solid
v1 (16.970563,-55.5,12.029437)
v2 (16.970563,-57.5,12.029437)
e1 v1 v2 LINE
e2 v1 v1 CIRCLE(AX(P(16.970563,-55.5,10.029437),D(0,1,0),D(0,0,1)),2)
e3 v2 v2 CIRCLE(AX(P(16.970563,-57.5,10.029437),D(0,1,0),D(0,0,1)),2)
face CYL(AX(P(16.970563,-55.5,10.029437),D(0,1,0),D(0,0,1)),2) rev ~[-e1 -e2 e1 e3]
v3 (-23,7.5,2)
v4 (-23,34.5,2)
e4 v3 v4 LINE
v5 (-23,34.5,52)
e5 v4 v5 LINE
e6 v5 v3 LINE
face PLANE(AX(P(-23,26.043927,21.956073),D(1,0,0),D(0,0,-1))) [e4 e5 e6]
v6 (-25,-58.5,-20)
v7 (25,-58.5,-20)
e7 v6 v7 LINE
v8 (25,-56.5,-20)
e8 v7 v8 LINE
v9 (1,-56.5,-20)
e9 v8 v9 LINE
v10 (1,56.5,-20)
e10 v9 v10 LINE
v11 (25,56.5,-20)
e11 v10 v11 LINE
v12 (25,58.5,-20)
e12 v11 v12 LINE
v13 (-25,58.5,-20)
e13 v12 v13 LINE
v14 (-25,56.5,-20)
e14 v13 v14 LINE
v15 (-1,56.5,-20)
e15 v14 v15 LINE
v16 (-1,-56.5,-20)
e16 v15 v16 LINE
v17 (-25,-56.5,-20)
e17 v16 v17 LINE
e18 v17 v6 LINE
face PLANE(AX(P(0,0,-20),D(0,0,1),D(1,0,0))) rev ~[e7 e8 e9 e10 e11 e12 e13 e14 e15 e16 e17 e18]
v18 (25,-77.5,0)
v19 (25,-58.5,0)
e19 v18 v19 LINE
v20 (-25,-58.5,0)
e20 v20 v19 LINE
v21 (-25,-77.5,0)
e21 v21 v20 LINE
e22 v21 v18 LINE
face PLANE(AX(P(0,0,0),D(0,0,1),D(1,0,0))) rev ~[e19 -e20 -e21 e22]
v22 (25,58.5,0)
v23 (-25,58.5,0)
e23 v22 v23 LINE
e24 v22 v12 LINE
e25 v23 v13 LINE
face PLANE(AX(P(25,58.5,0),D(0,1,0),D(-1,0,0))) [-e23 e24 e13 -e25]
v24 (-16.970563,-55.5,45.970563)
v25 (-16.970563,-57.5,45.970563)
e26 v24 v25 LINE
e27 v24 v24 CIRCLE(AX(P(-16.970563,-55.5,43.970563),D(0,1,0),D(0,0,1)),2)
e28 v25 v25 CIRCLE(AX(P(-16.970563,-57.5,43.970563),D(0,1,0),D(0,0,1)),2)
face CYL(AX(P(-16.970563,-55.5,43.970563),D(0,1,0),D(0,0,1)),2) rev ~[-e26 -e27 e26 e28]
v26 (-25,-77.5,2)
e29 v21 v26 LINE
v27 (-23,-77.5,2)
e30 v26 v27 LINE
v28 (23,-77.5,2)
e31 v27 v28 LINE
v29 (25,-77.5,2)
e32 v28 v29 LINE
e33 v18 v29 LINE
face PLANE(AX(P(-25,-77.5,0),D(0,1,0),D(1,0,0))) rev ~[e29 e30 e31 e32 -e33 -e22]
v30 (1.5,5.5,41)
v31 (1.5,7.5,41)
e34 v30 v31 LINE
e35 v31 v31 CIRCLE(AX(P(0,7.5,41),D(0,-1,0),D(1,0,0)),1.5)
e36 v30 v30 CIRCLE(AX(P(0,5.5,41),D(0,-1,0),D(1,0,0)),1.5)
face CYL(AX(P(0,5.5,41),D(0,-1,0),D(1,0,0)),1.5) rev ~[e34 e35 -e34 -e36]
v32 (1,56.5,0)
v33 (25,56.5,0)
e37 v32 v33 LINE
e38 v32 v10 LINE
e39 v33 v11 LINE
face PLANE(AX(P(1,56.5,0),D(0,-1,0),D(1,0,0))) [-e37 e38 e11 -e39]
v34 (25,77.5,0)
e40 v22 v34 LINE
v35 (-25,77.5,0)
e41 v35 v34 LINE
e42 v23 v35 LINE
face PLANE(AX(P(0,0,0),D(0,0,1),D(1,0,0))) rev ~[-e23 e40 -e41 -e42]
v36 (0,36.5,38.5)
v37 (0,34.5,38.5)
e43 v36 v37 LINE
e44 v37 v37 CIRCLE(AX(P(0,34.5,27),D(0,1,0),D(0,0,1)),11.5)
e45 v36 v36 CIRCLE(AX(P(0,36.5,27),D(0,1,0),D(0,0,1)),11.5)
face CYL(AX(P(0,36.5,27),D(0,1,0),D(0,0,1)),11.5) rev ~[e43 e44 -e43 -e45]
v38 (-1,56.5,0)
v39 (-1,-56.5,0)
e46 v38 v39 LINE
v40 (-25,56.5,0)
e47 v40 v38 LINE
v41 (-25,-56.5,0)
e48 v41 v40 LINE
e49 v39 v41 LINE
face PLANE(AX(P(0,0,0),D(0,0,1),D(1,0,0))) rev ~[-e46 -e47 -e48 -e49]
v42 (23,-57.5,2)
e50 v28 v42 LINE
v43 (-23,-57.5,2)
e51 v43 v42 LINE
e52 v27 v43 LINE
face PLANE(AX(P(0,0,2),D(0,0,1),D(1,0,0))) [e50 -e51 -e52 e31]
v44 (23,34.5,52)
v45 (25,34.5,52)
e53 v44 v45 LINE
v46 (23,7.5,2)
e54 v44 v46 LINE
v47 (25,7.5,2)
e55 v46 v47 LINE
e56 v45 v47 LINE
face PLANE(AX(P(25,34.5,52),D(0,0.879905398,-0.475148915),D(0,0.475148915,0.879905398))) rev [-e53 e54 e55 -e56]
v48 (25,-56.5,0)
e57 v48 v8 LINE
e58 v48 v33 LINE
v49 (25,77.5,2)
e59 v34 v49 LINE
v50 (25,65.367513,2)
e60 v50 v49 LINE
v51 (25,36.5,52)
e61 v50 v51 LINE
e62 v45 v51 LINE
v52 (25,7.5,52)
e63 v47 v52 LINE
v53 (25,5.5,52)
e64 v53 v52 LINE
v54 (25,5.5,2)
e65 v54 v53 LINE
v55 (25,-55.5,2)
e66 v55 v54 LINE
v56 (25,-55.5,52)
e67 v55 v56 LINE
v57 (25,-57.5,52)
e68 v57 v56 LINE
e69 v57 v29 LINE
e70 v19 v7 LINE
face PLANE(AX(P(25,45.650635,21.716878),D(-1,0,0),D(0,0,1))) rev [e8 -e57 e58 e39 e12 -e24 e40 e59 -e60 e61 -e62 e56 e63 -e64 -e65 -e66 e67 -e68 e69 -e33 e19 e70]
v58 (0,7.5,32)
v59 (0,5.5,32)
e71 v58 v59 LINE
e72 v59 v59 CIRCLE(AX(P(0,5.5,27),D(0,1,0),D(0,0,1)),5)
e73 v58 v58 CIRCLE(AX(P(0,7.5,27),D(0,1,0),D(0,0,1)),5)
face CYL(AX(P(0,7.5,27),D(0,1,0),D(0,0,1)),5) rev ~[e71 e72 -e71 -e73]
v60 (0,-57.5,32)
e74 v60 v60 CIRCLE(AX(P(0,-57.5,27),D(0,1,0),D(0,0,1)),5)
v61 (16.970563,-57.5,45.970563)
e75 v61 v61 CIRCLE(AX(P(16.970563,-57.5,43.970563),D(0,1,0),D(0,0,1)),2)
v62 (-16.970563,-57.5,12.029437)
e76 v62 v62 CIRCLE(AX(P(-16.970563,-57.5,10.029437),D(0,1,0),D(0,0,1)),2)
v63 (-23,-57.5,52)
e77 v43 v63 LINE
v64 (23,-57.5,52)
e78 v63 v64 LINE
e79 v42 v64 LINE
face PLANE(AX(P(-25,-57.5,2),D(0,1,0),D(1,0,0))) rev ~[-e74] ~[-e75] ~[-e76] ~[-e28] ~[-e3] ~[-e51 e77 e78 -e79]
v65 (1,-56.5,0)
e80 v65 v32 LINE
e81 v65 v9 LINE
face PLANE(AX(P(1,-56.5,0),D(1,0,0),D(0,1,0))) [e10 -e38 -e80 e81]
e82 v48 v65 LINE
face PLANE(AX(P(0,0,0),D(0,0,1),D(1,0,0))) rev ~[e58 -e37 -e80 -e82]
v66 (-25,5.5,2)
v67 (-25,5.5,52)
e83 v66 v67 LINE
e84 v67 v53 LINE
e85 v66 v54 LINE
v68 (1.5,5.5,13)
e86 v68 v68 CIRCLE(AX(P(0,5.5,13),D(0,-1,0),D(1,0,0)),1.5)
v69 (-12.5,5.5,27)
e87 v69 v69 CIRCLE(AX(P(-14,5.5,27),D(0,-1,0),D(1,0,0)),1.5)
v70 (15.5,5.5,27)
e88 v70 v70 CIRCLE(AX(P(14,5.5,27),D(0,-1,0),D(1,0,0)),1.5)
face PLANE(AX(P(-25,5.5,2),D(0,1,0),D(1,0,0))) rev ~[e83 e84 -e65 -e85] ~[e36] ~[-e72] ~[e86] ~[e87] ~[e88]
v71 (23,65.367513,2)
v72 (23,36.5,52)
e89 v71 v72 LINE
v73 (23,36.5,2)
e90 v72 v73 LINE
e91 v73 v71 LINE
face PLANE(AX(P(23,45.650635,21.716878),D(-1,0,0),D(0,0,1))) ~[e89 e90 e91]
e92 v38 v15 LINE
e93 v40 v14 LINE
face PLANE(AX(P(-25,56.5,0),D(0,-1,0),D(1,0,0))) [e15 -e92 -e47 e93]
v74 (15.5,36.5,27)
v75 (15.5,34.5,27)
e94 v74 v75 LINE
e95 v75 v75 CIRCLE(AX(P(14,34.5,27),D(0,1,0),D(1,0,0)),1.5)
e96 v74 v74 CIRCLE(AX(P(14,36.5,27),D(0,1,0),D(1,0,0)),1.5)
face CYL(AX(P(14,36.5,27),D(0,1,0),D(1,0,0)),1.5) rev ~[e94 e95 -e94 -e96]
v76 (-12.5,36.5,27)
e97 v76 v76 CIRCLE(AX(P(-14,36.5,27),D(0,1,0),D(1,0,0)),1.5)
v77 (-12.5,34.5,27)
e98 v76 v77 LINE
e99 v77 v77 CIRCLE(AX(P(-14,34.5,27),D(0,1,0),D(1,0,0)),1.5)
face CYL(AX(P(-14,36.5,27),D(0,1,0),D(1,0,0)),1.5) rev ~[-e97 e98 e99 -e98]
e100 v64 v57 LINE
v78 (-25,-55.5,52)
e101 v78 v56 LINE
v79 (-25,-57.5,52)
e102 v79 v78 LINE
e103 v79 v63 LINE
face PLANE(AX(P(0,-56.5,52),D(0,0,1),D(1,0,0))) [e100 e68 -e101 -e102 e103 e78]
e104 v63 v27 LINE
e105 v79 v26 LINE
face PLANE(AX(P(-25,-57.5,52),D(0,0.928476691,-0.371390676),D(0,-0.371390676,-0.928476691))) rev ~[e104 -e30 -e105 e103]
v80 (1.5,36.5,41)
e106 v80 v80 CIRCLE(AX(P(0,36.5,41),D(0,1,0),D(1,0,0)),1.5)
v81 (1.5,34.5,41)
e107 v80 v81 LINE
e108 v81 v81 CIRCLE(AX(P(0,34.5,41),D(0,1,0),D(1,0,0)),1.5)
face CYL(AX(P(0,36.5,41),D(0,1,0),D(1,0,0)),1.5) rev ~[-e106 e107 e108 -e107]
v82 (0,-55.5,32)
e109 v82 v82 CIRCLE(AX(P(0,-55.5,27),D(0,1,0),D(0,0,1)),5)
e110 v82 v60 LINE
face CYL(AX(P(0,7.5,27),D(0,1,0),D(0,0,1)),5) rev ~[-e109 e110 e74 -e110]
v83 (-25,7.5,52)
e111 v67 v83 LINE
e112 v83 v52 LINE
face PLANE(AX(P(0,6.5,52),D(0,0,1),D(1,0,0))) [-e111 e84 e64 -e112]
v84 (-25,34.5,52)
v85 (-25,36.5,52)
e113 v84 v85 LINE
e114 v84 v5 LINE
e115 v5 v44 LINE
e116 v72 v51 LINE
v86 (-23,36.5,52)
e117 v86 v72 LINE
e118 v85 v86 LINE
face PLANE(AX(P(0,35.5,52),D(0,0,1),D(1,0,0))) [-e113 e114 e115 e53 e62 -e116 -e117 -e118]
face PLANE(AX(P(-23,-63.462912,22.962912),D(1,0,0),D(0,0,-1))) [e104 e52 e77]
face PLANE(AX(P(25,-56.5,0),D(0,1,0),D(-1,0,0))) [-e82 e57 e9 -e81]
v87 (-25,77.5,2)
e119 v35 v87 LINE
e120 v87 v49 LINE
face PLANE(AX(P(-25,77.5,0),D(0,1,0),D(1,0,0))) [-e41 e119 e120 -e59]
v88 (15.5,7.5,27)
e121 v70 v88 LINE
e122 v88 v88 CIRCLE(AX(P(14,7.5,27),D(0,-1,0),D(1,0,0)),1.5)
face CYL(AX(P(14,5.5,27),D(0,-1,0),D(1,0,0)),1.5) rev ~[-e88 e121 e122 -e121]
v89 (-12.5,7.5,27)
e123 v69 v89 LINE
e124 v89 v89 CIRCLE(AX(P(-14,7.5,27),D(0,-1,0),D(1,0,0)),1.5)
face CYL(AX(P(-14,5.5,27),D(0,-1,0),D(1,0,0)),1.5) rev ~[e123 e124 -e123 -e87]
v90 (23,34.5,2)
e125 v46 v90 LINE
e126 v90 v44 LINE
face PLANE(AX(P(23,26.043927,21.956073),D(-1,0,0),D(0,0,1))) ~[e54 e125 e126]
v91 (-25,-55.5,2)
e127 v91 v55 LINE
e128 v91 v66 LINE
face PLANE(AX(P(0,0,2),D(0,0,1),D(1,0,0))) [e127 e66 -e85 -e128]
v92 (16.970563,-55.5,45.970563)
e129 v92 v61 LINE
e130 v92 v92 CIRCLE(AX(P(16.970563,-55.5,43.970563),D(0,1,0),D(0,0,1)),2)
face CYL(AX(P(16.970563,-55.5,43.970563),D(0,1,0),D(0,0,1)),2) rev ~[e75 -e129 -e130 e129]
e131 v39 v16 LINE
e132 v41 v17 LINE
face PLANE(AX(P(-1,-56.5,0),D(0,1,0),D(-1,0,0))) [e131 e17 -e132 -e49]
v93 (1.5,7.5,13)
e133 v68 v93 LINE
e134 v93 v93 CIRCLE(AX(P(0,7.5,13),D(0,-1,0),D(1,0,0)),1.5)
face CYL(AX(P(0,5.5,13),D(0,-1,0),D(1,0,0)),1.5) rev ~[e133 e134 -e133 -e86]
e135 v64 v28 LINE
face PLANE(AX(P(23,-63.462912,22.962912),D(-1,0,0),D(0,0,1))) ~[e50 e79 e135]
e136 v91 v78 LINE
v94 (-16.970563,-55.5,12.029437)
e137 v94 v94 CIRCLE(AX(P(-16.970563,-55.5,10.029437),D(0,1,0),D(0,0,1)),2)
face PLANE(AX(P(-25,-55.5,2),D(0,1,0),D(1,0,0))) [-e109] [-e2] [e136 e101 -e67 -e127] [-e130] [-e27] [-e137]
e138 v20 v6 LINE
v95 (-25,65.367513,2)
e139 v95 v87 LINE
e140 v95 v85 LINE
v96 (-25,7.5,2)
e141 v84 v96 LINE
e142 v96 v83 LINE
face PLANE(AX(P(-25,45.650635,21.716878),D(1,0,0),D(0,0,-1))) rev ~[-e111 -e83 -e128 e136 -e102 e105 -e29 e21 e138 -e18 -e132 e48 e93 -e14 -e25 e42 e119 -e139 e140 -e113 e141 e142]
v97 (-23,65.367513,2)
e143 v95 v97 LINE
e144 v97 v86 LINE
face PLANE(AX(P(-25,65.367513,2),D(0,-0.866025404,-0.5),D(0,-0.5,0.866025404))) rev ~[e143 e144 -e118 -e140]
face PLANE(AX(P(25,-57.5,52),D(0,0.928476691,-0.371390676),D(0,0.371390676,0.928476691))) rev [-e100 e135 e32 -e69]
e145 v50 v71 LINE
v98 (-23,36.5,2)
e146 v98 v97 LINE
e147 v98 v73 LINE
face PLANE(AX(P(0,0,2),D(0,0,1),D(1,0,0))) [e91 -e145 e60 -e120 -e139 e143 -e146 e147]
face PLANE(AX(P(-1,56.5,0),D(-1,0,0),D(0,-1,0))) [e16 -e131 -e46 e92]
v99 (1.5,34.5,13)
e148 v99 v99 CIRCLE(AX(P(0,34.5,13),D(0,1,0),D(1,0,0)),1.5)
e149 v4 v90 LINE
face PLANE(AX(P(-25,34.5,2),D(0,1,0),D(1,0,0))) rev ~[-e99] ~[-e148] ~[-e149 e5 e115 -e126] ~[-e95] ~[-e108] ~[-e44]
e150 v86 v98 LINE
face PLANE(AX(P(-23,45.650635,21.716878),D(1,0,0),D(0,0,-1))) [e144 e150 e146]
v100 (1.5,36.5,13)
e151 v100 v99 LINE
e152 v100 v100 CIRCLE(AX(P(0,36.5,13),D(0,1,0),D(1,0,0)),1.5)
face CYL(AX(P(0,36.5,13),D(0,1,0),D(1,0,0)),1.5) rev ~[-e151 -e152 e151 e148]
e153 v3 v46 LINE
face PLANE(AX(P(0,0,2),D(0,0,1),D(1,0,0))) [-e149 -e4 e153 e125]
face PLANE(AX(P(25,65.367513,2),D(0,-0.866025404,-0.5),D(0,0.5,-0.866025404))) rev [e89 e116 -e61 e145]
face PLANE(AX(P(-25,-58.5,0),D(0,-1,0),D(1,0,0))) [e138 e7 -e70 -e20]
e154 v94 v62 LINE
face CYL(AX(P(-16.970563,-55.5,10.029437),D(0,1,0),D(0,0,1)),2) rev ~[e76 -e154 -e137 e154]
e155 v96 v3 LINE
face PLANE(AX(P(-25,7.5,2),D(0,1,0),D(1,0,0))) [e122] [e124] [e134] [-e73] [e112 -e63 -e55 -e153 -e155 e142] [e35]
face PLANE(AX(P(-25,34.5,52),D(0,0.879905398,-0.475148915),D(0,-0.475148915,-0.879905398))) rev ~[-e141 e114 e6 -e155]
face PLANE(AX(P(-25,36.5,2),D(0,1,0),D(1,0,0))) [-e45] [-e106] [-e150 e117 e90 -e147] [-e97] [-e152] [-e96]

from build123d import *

# Parameters (mm, degrees)
SKETCH1_W           = 50
SKETCH1_H           = 155
BOSS_EXTRUDE1_DEPTH = 2
SKETCH2_W           = 50
SKETCH2_H           = 2
BOSS_EXTRUDE2_DEPTH = 50
SKETCH3_W           = 50
SKETCH3_H           = 2
BOSS_EXTRUDE3_DEPTH = 50
SKETCH4_R           = 2
CUT_EXTRUDE1_DEPTH  = 145.97586006
SKETCH5_R           = 5
CUT_EXTRUDE2_DEPTH  = 103.732662771
SKETCH6_R           = 1.5
CUT_EXTRUDE3_DEPTH  = 102.084123382
SKETCH7_W           = 50
SKETCH7_H           = 2
BOSS_EXTRUDE4_DEPTH = 50
CUT_EXTRUDE5_REACH  = 129.769
SKETCH9_R           = 11.5
SKETCH9_R_2         = 1.5
BOSS_EXTRUDE5_DEPTH = 2
BOSS_EXTRUDE6_DEPTH = 20


with BuildPart() as part:
    # Sketch1 → Boss-Extrude1 (new body)
    with BuildSketch(Plane.XY):
        Rectangle(SKETCH1_W, SKETCH1_H)
    extrude(amount=BOSS_EXTRUDE1_DEPTH)

    # Sketch2 → Boss-Extrude2 (add)
    with BuildSketch(Plane.XY.offset(2)):
        with Locations((0, -56.5)):
            Rectangle(SKETCH2_W, SKETCH2_H)
    extrude(amount=BOSS_EXTRUDE2_DEPTH)

    # Sketch3 → Boss-Extrude3 (add)
    with BuildSketch(Plane.XY.offset(2)):
        with Locations((0, 6.5)):
            Rectangle(SKETCH3_W, SKETCH3_H)
    extrude(amount=BOSS_EXTRUDE3_DEPTH)

    # Sketch4 → Cut-Extrude1 (cut, through all)
    with BuildSketch(Plane(origin=(0, -55.5, 0), x_dir=(1, 0, 0), z_dir=(0, 1, 0))):
        with Locations((-16.970562748, -43.970562748)):
            Circle(SKETCH4_R)
        with Locations((16.970562748, -43.970562748)):
            Circle(SKETCH4_R)
        with Locations((16.970562748, -10.029437252)):
            Circle(SKETCH4_R)
        with Locations((-16.970562748, -10.029437252)):
            Circle(SKETCH4_R)
    extrude(amount=-CUT_EXTRUDE1_DEPTH, mode=Mode.SUBTRACT)

    # Sketch5 → Cut-Extrude2 (cut, through all)
    with BuildSketch(Plane(origin=(0, 7.5, 0), x_dir=(1, 0, 0), z_dir=(0, 1, 0))):
        with Locations((0, -27)):
            Circle(SKETCH5_R)
    extrude(amount=-CUT_EXTRUDE2_DEPTH, mode=Mode.SUBTRACT)

    # Sketch6 → Cut-Extrude3 (cut, through all)
    with BuildSketch(Plane.XZ.offset(-5.5)):
        with Locations((0, 41)):
            Circle(SKETCH6_R)
        with Locations((14, 27)):
            Circle(SKETCH6_R)
        with Locations((0, 13)):
            Circle(SKETCH6_R)
        with Locations((-14, 27)):
            Circle(SKETCH6_R)
    extrude(amount=-CUT_EXTRUDE3_DEPTH, mode=Mode.SUBTRACT)

    # Sketch7 → Boss-Extrude4 (add)
    with BuildSketch(Plane.XY.offset(2)):
        with Locations((0, 35.5)):
            Rectangle(SKETCH7_W, SKETCH7_H)
    extrude(amount=BOSS_EXTRUDE4_DEPTH)

    # Sketch9 → Cut-Extrude5 (cut, up to next)
    with BuildSketch(Plane(origin=(0, 36.5, 0), x_dir=(1, 0, 0), z_dir=(0, 1, 0)), mode=Mode.PRIVATE) as cut_extrude5_sk1:
        with Locations((0, -27)):
            Circle(SKETCH9_R)
    cut_extrude5_tool1 = extrude(cut_extrude5_sk1.sketch, amount=-CUT_EXTRUDE5_REACH, mode=Mode.PRIVATE) & part.part
    # Sketch9 → Cut-Extrude5 (cut, up to next)
    with BuildSketch(Plane(origin=(0, 36.5, 0), x_dir=(1, 0, 0), z_dir=(0, 1, 0)), mode=Mode.PRIVATE) as cut_extrude5_sk2:
        with Locations((-14, -27)):
            Circle(SKETCH9_R_2)
    cut_extrude5_tool2 = extrude(cut_extrude5_sk2.sketch, amount=-CUT_EXTRUDE5_REACH, mode=Mode.PRIVATE) & part.part
    # Sketch9 → Cut-Extrude5 (cut, up to next)
    with BuildSketch(Plane(origin=(0, 36.5, 0), x_dir=(1, 0, 0), z_dir=(0, 1, 0)), mode=Mode.PRIVATE) as cut_extrude5_sk3:
        with Locations((0, -41)):
            Circle(SKETCH9_R_2)
    cut_extrude5_tool3 = extrude(cut_extrude5_sk3.sketch, amount=-CUT_EXTRUDE5_REACH, mode=Mode.PRIVATE) & part.part
    # Sketch9 → Cut-Extrude5 (cut, up to next)
    with BuildSketch(Plane(origin=(0, 36.5, 0), x_dir=(1, 0, 0), z_dir=(0, 1, 0)), mode=Mode.PRIVATE) as cut_extrude5_sk4:
        with Locations((14, -27)):
            Circle(SKETCH9_R_2)
    cut_extrude5_tool4 = extrude(cut_extrude5_sk4.sketch, amount=-CUT_EXTRUDE5_REACH, mode=Mode.PRIVATE) & part.part
    # Sketch9 → Cut-Extrude5 (cut, up to next)
    with BuildSketch(Plane(origin=(0, 36.5, 0), x_dir=(1, 0, 0), z_dir=(0, 1, 0)), mode=Mode.PRIVATE) as cut_extrude5_sk5:
        with Locations((0, -13)):
            Circle(SKETCH9_R_2)
    cut_extrude5_tool5 = extrude(cut_extrude5_sk5.sketch, amount=-CUT_EXTRUDE5_REACH, mode=Mode.PRIVATE) & part.part
    add(cut_extrude5_tool1.solids().sort_by_distance((0, 36.5, 27))[0], mode=Mode.SUBTRACT)
    add(cut_extrude5_tool2.solids().sort_by_distance((-14, 36.5, 27))[0], mode=Mode.SUBTRACT)
    add(cut_extrude5_tool3.solids().sort_by_distance((0, 36.5, 41))[0], mode=Mode.SUBTRACT)
    add(cut_extrude5_tool4.solids().sort_by_distance((14, 36.5, 27))[0], mode=Mode.SUBTRACT)
    add(cut_extrude5_tool5.solids().sort_by_distance((0, 36.5, 13))[0], mode=Mode.SUBTRACT)

    # Sketch12 → Boss-Extrude5 (add)
    with BuildSketch(Plane.ZY.offset(25)):
        Polygon((2, 65.367513459), (52, 36.5), (2, 36.5), align=None)
        Polygon((2, -77.5), (2, -57.5), (52, -57.5), align=None)
        Polygon((2, 34.5), (52, 34.5), (2, 7.5), align=None)
    boss_extrude5 = extrude(amount=-BOSS_EXTRUDE5_DEPTH)

    # Mirror1: Boss-Extrude5 across plane
    add(boss_extrude5.mirror(Plane(origin=(0, 0, 0), x_dir=(0, 0, 1), z_dir=(1, 0, 0))))

    # Sketch13 → Boss-Extrude6 (add)
    with BuildSketch(Plane(origin=(0, 0, 0), x_dir=(-1, 0, 0), z_dir=(0, 0, -1))):
        Polygon((-25, 58.5), (25, 58.5), (25, 56.5), (1, 56.5), (1, -56.5), (25, -56.5), (25, -58.5), (-25, -58.5), (-25, -56.5), (-1, -56.5), (-1, 56.5), (-25, 56.5), align=None)
    extrude(amount=BOSS_EXTRUDE6_DEPTH)


solid = part.part
